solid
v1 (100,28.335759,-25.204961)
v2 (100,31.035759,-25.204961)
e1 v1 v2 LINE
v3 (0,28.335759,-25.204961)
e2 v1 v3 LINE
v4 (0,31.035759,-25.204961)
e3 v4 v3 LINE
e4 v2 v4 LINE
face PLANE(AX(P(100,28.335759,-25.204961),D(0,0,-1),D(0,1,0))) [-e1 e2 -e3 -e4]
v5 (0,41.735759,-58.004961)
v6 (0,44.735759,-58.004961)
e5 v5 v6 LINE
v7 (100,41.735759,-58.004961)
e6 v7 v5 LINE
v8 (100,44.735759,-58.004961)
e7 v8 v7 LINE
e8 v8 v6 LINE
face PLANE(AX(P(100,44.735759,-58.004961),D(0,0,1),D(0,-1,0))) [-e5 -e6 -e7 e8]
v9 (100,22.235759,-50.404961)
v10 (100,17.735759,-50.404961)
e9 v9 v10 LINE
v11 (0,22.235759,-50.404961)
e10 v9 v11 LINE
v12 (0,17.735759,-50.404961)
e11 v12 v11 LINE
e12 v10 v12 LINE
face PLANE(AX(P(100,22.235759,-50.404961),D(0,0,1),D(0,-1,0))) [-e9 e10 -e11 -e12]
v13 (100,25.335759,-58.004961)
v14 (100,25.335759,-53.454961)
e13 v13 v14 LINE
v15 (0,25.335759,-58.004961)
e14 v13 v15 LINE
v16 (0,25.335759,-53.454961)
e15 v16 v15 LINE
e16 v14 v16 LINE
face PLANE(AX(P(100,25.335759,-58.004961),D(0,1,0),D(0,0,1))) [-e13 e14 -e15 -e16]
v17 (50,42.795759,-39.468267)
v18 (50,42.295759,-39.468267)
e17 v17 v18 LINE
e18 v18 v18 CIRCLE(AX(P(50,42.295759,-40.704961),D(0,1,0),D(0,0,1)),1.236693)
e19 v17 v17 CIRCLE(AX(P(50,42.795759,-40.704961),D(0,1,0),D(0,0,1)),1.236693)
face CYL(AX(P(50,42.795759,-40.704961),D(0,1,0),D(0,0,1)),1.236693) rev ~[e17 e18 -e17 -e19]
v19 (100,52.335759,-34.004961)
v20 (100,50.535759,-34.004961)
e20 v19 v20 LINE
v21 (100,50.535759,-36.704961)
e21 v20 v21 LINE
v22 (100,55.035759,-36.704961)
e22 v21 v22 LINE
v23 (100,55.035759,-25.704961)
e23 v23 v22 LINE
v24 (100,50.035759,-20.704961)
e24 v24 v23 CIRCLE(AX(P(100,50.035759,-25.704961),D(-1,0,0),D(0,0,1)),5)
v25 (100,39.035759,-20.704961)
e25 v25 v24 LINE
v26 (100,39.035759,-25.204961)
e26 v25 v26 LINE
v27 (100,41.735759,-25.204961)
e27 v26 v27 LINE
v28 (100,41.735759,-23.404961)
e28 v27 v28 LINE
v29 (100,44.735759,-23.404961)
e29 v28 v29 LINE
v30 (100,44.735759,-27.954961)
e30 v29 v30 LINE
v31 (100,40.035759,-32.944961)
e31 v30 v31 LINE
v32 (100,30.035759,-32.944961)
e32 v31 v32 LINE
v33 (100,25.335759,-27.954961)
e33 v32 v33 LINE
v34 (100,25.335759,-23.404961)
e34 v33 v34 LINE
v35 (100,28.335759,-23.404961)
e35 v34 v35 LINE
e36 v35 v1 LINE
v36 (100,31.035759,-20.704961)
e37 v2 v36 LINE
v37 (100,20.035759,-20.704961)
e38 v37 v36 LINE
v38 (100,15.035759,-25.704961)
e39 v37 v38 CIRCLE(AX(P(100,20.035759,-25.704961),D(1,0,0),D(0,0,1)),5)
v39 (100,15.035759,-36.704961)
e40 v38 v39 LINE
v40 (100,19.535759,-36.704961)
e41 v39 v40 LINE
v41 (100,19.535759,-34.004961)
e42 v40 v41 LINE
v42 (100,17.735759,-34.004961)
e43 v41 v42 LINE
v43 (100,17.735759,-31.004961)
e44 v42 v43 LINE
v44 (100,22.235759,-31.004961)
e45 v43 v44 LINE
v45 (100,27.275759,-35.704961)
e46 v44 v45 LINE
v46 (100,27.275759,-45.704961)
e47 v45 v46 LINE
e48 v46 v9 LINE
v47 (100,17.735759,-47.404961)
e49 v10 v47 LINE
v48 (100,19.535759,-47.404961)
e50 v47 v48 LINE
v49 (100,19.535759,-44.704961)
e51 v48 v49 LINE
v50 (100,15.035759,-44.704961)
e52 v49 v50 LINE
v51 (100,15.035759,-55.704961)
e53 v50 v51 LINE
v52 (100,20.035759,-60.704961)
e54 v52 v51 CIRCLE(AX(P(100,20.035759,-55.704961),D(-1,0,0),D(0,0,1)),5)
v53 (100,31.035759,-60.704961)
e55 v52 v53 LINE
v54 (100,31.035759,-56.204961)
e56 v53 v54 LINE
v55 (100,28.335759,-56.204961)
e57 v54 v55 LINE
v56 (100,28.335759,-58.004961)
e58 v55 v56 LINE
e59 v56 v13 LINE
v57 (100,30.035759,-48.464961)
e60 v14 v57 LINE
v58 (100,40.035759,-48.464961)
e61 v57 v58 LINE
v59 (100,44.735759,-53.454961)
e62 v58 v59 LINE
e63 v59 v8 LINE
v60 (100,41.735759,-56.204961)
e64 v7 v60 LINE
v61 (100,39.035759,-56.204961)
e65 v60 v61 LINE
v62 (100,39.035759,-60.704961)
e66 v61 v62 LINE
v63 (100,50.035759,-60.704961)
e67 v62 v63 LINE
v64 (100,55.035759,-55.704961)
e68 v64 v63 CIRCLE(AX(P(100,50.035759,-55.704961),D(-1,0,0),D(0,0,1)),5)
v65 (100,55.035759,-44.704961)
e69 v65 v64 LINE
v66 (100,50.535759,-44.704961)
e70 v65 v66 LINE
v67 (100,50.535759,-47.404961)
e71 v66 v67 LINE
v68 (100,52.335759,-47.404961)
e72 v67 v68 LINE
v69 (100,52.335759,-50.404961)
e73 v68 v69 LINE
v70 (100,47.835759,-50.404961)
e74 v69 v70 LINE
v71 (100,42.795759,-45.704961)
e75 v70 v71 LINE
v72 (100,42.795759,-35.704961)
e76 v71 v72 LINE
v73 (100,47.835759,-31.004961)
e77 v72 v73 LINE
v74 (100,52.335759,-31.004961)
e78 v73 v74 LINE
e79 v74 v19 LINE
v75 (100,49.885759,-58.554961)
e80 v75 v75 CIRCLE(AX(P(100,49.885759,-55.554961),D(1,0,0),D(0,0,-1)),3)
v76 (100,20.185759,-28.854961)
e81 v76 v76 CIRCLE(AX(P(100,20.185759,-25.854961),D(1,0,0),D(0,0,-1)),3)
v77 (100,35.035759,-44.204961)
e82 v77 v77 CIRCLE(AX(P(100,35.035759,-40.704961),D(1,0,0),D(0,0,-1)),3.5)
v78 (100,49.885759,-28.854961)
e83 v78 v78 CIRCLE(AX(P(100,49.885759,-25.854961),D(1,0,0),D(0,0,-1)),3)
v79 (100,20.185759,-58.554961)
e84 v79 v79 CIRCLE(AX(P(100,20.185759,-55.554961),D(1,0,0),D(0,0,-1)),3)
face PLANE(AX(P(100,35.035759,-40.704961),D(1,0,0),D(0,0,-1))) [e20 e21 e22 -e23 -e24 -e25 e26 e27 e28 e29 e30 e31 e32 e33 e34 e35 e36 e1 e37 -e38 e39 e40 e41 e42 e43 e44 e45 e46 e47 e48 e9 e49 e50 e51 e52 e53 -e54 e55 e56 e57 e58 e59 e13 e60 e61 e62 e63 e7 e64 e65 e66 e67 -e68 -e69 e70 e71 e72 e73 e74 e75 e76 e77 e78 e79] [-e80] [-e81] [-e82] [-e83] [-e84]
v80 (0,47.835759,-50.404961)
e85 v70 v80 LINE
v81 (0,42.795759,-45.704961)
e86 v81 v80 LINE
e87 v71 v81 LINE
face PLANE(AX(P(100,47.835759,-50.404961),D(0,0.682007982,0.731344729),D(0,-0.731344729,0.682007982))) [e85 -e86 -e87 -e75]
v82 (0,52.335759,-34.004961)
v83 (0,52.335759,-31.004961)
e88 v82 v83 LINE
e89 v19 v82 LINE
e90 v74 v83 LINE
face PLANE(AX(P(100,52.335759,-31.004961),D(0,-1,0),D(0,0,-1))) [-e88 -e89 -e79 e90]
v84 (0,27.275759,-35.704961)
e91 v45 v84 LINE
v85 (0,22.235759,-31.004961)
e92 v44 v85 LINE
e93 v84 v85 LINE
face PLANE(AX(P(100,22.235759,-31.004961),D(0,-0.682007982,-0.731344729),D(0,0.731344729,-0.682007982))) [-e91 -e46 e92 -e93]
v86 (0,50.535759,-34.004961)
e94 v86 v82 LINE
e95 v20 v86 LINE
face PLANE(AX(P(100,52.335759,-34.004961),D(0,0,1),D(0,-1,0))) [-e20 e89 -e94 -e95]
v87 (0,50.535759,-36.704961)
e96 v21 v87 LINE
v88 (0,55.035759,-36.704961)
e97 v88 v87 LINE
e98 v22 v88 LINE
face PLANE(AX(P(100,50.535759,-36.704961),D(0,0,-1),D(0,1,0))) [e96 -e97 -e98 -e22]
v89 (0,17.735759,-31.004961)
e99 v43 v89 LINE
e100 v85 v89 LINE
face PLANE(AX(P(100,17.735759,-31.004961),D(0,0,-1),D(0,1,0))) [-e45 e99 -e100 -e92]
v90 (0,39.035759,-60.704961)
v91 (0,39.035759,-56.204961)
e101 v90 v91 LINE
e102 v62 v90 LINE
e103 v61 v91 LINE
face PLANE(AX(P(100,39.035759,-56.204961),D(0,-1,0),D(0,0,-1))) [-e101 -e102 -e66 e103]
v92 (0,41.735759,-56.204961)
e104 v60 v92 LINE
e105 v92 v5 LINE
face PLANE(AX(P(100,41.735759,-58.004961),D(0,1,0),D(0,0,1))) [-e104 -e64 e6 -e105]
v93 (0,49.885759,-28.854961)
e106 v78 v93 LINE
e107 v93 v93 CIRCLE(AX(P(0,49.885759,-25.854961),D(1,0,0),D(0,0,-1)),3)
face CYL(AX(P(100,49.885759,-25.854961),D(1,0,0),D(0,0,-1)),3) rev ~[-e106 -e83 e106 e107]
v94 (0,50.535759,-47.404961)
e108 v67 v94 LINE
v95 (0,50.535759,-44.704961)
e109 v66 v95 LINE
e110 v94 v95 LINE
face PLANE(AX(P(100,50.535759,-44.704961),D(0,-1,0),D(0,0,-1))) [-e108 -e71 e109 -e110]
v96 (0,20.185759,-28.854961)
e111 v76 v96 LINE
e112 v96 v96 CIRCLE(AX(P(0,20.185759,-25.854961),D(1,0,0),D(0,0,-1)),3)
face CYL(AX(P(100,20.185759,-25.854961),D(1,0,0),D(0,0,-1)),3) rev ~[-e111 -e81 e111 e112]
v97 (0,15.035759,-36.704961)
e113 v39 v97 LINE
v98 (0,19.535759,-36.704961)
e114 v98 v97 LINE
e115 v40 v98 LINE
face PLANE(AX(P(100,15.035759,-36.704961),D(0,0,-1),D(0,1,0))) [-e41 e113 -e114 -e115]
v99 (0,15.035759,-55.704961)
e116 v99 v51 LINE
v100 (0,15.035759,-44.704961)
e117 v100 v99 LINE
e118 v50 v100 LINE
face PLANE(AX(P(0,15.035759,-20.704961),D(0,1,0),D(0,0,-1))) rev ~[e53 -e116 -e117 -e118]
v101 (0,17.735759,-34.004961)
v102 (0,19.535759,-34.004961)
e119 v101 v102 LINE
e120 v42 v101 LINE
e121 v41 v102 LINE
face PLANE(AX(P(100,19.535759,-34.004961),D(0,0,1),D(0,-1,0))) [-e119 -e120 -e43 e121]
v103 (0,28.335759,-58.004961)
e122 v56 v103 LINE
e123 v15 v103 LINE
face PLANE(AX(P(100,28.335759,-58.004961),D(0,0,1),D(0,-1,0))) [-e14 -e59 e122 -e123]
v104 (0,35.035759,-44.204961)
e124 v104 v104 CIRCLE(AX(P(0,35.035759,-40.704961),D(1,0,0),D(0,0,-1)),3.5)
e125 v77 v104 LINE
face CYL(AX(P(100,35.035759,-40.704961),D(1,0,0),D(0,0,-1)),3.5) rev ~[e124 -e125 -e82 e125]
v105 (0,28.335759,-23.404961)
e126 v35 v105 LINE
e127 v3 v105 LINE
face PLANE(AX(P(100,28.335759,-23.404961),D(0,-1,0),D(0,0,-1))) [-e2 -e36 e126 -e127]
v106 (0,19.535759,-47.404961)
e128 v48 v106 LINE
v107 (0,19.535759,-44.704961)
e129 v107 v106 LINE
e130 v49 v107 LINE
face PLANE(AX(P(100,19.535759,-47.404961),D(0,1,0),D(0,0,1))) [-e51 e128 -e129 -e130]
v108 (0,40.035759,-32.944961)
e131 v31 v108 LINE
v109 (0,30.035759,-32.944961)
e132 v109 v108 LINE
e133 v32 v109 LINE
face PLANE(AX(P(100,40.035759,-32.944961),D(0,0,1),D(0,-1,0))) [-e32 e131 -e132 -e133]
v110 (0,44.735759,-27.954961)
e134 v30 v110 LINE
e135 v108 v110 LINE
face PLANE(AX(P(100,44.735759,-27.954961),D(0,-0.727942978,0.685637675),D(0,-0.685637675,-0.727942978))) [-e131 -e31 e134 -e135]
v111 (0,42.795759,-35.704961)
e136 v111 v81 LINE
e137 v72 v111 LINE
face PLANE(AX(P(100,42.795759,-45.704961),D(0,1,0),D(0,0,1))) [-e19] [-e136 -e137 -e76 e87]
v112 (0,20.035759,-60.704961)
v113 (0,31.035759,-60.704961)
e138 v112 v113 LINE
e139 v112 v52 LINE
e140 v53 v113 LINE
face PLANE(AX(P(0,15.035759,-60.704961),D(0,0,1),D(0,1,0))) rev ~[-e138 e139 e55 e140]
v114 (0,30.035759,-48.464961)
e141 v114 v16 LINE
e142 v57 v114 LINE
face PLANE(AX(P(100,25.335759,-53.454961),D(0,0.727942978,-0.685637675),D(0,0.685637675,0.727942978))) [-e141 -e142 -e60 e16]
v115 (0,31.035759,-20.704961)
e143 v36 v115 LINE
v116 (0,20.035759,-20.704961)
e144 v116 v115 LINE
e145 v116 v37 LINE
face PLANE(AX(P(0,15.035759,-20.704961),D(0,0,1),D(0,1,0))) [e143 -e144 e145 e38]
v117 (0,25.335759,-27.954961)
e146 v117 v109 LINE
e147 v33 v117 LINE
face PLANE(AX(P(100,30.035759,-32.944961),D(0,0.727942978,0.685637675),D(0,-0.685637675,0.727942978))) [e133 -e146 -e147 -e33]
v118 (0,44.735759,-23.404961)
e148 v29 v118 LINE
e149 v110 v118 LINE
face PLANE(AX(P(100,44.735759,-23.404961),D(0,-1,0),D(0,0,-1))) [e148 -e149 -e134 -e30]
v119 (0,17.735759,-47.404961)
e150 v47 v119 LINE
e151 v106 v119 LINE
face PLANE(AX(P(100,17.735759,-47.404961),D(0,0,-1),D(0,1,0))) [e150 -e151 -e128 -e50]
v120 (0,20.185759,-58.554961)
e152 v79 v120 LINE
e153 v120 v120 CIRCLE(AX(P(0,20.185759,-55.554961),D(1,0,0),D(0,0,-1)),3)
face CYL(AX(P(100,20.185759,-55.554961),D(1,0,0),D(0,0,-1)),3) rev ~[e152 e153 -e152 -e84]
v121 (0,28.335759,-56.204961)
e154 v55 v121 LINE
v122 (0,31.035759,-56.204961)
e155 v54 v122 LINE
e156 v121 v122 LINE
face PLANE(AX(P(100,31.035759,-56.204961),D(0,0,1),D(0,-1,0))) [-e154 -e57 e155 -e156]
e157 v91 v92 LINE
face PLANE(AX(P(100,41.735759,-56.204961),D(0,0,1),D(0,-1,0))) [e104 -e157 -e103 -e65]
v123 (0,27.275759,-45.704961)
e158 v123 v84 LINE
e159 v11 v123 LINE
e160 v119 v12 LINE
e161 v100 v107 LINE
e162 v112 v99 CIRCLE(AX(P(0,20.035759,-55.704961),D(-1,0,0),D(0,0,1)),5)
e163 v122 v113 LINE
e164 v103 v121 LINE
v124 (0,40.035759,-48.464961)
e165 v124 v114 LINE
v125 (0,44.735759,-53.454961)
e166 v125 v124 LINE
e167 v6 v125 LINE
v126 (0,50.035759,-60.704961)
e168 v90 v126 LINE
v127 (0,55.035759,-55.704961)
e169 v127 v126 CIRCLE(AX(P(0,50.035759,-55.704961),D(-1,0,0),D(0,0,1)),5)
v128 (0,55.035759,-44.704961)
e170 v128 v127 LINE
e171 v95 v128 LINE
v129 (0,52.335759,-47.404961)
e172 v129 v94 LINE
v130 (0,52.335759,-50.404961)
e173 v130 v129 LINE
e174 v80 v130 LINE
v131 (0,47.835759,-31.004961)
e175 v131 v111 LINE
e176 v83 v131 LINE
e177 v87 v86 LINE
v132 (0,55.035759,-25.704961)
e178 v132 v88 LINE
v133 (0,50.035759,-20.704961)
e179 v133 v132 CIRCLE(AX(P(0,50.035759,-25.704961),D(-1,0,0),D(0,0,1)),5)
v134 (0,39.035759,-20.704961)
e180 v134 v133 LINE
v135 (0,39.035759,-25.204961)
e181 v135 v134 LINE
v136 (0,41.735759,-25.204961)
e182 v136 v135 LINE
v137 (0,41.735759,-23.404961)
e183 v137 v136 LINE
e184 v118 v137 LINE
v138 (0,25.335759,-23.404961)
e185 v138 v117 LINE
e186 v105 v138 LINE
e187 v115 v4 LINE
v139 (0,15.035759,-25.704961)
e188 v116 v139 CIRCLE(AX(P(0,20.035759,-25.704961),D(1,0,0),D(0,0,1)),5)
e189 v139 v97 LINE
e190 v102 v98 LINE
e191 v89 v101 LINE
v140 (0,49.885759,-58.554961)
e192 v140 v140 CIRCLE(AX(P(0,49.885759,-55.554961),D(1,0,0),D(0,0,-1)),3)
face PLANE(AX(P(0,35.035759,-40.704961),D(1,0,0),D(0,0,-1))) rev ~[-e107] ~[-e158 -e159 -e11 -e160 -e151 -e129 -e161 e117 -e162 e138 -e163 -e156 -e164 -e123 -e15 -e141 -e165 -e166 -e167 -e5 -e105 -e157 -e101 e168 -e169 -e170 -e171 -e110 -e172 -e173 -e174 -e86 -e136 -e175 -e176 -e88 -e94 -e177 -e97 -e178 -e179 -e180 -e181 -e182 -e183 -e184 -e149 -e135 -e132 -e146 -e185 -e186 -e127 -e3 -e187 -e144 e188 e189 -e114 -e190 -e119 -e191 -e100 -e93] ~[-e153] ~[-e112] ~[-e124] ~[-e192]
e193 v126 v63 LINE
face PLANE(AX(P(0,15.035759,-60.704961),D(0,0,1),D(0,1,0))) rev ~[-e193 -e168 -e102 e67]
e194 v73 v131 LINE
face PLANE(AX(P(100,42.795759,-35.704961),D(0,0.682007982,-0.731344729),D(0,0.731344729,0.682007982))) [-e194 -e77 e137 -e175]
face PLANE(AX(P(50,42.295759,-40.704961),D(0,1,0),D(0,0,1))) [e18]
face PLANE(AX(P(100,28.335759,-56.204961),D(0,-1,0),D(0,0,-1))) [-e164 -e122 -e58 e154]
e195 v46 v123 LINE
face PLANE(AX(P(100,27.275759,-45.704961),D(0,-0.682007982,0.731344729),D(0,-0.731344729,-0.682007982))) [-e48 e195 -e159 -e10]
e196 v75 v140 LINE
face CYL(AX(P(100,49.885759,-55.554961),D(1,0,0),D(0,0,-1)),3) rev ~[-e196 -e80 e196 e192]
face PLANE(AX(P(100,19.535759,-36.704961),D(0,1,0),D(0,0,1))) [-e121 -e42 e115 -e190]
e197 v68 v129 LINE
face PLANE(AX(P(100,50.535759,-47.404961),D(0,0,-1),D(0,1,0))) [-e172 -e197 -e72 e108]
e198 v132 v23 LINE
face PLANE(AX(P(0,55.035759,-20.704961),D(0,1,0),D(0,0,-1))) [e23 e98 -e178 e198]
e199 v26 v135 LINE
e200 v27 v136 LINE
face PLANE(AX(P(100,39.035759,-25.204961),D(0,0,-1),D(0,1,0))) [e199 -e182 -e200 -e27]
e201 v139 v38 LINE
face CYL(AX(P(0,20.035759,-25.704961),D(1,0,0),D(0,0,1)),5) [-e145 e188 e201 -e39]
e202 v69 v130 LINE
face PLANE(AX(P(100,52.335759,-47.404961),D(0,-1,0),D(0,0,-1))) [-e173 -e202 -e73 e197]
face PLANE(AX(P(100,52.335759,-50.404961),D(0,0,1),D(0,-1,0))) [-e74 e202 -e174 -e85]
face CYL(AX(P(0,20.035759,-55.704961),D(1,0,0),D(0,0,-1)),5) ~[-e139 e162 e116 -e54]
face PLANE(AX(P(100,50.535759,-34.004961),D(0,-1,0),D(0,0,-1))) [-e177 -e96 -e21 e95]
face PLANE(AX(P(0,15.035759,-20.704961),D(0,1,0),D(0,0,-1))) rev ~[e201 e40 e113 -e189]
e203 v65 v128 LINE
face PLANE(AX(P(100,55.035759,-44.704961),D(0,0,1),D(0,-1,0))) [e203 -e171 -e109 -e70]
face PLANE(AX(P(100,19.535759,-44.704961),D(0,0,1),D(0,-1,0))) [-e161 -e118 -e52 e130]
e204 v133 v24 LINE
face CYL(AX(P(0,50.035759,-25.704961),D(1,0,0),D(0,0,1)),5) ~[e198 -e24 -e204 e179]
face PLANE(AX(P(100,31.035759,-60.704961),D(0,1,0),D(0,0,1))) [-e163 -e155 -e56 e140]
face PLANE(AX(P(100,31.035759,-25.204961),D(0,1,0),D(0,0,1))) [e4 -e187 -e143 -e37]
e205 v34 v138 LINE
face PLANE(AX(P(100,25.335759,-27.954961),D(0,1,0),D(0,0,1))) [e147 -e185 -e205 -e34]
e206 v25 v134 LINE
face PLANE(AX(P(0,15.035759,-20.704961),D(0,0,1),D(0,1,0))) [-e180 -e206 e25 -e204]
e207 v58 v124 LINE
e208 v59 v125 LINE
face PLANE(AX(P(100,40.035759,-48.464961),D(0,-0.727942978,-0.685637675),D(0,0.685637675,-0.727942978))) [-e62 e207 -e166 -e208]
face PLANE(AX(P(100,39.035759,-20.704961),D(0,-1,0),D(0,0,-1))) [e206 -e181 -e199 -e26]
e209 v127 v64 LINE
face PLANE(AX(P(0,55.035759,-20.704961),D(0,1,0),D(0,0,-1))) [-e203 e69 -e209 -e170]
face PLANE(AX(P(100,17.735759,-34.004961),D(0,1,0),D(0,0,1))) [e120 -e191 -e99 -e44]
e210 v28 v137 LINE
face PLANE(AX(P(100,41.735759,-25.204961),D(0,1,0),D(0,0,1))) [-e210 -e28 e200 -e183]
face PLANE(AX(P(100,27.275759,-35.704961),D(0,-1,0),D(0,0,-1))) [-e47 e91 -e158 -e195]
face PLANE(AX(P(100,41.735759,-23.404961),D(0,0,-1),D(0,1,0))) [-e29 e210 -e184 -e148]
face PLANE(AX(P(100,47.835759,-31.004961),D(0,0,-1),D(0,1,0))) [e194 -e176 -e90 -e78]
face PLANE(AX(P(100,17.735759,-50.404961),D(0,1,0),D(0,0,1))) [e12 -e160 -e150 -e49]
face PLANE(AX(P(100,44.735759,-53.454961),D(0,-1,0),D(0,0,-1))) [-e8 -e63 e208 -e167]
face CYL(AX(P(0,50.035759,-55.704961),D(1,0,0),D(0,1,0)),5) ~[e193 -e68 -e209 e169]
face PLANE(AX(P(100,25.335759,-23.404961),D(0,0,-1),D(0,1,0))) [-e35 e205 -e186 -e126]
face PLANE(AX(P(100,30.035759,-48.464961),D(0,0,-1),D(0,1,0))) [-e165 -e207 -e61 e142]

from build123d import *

# Parameters (mm, degrees)
SKETCH_1_W          = 40
SKETCH_1_H          = 40
EXTRUDE_1_DEPTH     = 100
CUT_EXTRUDE_1_REACH = 131.283
SKETCH_2_R          = 3.5
SKETCH_2_R_2        = 3
FILLET_1_R          = 5
SKETCH_3_R          = 1.236693346
CUT_EXTRUDE_2_DEPTH = 0.5


with BuildPart() as part:
    # 草图1 → 凸台-拉伸1 (new body)
    with BuildSketch(Plane(origin=(0, 0, 0), x_dir=(0, 0, -1), z_dir=(1, 0, 0))):
        with Locations((40.704960836, 35.035758607)):
            Rectangle(SKETCH_1_W, SKETCH_1_H)
    extrude(amount=EXTRUDE_1_DEPTH)

    # 草图2 → 切除-拉伸1 (cut, up to next)
    with BuildSketch(Plane(origin=(100, 0, 0), x_dir=(0, 0, -1), z_dir=(1, 0, 0)), mode=Mode.PRIVATE) as cut_extrude_1_sk1:
        with Locations((40.704960836, 35.035758607)):
            Circle(SKETCH_2_R)
    cut_extrude_1_tool1 = extrude(cut_extrude_1_sk1.sketch, amount=-CUT_EXTRUDE_1_REACH, mode=Mode.PRIVATE) & part.part
    # 草图2 → 切除-拉伸1 (cut, up to next)
    with BuildSketch(Plane(origin=(100, 0, 0), x_dir=(0, 0, -1), z_dir=(1, 0, 0)), mode=Mode.PRIVATE) as cut_extrude_1_sk2:
        with Locations((25.854960836, 49.885758607)):
            Circle(SKETCH_2_R_2)
    cut_extrude_1_tool2 = extrude(cut_extrude_1_sk2.sketch, amount=-CUT_EXTRUDE_1_REACH, mode=Mode.PRIVATE) & part.part
    # 草图2 → 切除-拉伸1 (cut, up to next)
    with BuildSketch(Plane(origin=(100, 0, 0), x_dir=(0, 0, -1), z_dir=(1, 0, 0)), mode=Mode.PRIVATE) as cut_extrude_1_sk3:
        with Locations((25.854960836, 20.185758607)):
            Circle(SKETCH_2_R_2)
    cut_extrude_1_tool3 = extrude(cut_extrude_1_sk3.sketch, amount=-CUT_EXTRUDE_1_REACH, mode=Mode.PRIVATE) & part.part
    # 草图2 → 切除-拉伸1 (cut, up to next)
    with BuildSketch(Plane(origin=(100, 0, 0), x_dir=(0, 0, -1), z_dir=(1, 0, 0)), mode=Mode.PRIVATE) as cut_extrude_1_sk4:
        with Locations((55.554960836, 49.885758607)):
            Circle(SKETCH_2_R_2)
    cut_extrude_1_tool4 = extrude(cut_extrude_1_sk4.sketch, amount=-CUT_EXTRUDE_1_REACH, mode=Mode.PRIVATE) & part.part
    # 草图2 → 切除-拉伸1 (cut, up to next)
    with BuildSketch(Plane(origin=(100, 0, 0), x_dir=(0, 0, -1), z_dir=(1, 0, 0)), mode=Mode.PRIVATE) as cut_extrude_1_sk5:
        with Locations((55.554960836, 20.185758607)):
            Circle(SKETCH_2_R_2)
    cut_extrude_1_tool5 = extrude(cut_extrude_1_sk5.sketch, amount=-CUT_EXTRUDE_1_REACH, mode=Mode.PRIVATE) & part.part
    # 草图2 → 切除-拉伸1 (cut, up to next)
    with BuildSketch(Plane(origin=(100, 0, 0), x_dir=(0, 0, -1), z_dir=(1, 0, 0)), mode=Mode.PRIVATE) as cut_extrude_1_sk6:
        Polygon((36.704960836, 15.035758607), (36.704960836, 19.535758607), (34.004960836, 19.535758607), (34.004960836, 17.735758607), (31.004960836, 17.735758607), (31.004960836, 22.235758607), (35.704960836, 27.275758607), (45.704960836, 27.275758607), (50.404960836, 22.235758607), (50.404960836, 17.735758607), (47.404960836, 17.735758607), (47.404960836, 19.535758607), (44.704960836, 19.535758607), (44.704960836, 15.035758607), align=None)
    cut_extrude_1_tool6 = extrude(cut_extrude_1_sk6.sketch, amount=-CUT_EXTRUDE_1_REACH, mode=Mode.PRIVATE) & part.part
    # 草图2 → 切除-拉伸1 (cut, up to next)
    with BuildSketch(Plane(origin=(100, 0, 0), x_dir=(0, 0, -1), z_dir=(1, 0, 0)), mode=Mode.PRIVATE) as cut_extrude_1_sk7:
        Polygon((44.704960836, 55.035758607), (44.704960836, 50.535758607), (47.404960836, 50.535758607), (47.404960836, 52.335758607), (50.404960836, 52.335758607), (50.404960836, 47.835758607), (45.704960836, 42.795758607), (35.704960836, 42.795758607), (31.004960836, 47.835758607), (31.004960836, 52.335758607), (34.004960836, 52.335758607), (34.004960836, 50.535758607), (36.704960836, 50.535758607), (36.704960836, 55.035758607), align=None)
    cut_extrude_1_tool7 = extrude(cut_extrude_1_sk7.sketch, amount=-CUT_EXTRUDE_1_REACH, mode=Mode.PRIVATE) & part.part
    # 草图2 → 切除-拉伸1 (cut, up to next)
    with BuildSketch(Plane(origin=(100, 0, 0), x_dir=(0, 0, -1), z_dir=(1, 0, 0)), mode=Mode.PRIVATE) as cut_extrude_1_sk8:
        Polygon((20.704960836, 31.035758607), (20.704960836, 39.035758607), (25.204960836, 39.035758607), (25.204960836, 41.735758607), (23.404960836, 41.735758607), (23.404960836, 44.735758607), (27.954960836, 44.735758607), (32.944960836, 40.035758607), (32.944960836, 30.035758607), (27.954960836, 25.335758607), (23.404960836, 25.335758607), (23.404960836, 28.335758607), (25.204960836, 28.335758607), (25.204960836, 31.035758607), align=None)
    cut_extrude_1_tool8 = extrude(cut_extrude_1_sk8.sketch, amount=-CUT_EXTRUDE_1_REACH, mode=Mode.PRIVATE) & part.part
    # 草图2 → 切除-拉伸1 (cut, up to next)
    with BuildSketch(Plane(origin=(100, 0, 0), x_dir=(0, 0, -1), z_dir=(1, 0, 0)), mode=Mode.PRIVATE) as cut_extrude_1_sk9:
        Polygon((60.704960836, 31.035758607), (56.204960836, 31.035758607), (56.204960836, 28.335758607), (58.004960836, 28.335758607), (58.004960836, 25.335758607), (53.454960836, 25.335758607), (48.464960836, 30.035758607), (48.464960836, 40.035758607), (53.454960836, 44.735758607), (58.004960836, 44.735758607), (58.004960836, 41.735758607), (56.204960836, 41.735758607), (56.204960836, 39.035758607), (60.704960836, 39.035758607), align=None)
    cut_extrude_1_tool9 = extrude(cut_extrude_1_sk9.sketch, amount=-CUT_EXTRUDE_1_REACH, mode=Mode.PRIVATE) & part.part
    add(cut_extrude_1_tool1.solids().sort_by_distance((100, 35.035759, -40.704961))[0], mode=Mode.SUBTRACT)
    add(cut_extrude_1_tool2.solids().sort_by_distance((100, 49.885759, -25.854961))[0], mode=Mode.SUBTRACT)
    add(cut_extrude_1_tool3.solids().sort_by_distance((100, 20.185759, -25.854961))[0], mode=Mode.SUBTRACT)
    add(cut_extrude_1_tool4.solids().sort_by_distance((100, 49.885759, -55.554961))[0], mode=Mode.SUBTRACT)
    add(cut_extrude_1_tool5.solids().sort_by_distance((100, 20.185759, -55.554961))[0], mode=Mode.SUBTRACT)
    add(cut_extrude_1_tool6.solids().sort_by_distance((100, 21.537481, -40.704961))[0], mode=Mode.SUBTRACT)
    add(cut_extrude_1_tool7.solids().sort_by_distance((100, 48.534036, -40.704961))[0], mode=Mode.SUBTRACT)
    add(cut_extrude_1_tool8.solids().sort_by_distance((100, 35.035759, -27.209927))[0], mode=Mode.SUBTRACT)
    add(cut_extrude_1_tool9.solids().sort_by_distance((100, 35.035759, -54.199995))[0], mode=Mode.SUBTRACT)

    # 圆角1
    fillet_1_edges = [part.edges().sort_by_distance(p)[0] for p in [
        (50, 55.035758607, -20.704960836),
        (50, 55.035758607, -60.704960836),
        (50, 15.035758607, -60.704960836),
        (50, 15.035758607, -20.704960836),
    ]]
    fillet(fillet_1_edges, radius=FILLET_1_R)

    # 草图3 → 切除-拉伸2 (cut)
    with BuildSketch(Plane(origin=(0, 42.795758607, 0), x_dir=(1, 0, 0), z_dir=(0, 1, 0))):
        with Locations(Location((50, 40.704960836, 0), (0, 0, 270))):
            Circle(SKETCH_3_R)
    extrude(amount=-CUT_EXTRUDE_2_DEPTH, mode=Mode.SUBTRACT)


solid = part.part
